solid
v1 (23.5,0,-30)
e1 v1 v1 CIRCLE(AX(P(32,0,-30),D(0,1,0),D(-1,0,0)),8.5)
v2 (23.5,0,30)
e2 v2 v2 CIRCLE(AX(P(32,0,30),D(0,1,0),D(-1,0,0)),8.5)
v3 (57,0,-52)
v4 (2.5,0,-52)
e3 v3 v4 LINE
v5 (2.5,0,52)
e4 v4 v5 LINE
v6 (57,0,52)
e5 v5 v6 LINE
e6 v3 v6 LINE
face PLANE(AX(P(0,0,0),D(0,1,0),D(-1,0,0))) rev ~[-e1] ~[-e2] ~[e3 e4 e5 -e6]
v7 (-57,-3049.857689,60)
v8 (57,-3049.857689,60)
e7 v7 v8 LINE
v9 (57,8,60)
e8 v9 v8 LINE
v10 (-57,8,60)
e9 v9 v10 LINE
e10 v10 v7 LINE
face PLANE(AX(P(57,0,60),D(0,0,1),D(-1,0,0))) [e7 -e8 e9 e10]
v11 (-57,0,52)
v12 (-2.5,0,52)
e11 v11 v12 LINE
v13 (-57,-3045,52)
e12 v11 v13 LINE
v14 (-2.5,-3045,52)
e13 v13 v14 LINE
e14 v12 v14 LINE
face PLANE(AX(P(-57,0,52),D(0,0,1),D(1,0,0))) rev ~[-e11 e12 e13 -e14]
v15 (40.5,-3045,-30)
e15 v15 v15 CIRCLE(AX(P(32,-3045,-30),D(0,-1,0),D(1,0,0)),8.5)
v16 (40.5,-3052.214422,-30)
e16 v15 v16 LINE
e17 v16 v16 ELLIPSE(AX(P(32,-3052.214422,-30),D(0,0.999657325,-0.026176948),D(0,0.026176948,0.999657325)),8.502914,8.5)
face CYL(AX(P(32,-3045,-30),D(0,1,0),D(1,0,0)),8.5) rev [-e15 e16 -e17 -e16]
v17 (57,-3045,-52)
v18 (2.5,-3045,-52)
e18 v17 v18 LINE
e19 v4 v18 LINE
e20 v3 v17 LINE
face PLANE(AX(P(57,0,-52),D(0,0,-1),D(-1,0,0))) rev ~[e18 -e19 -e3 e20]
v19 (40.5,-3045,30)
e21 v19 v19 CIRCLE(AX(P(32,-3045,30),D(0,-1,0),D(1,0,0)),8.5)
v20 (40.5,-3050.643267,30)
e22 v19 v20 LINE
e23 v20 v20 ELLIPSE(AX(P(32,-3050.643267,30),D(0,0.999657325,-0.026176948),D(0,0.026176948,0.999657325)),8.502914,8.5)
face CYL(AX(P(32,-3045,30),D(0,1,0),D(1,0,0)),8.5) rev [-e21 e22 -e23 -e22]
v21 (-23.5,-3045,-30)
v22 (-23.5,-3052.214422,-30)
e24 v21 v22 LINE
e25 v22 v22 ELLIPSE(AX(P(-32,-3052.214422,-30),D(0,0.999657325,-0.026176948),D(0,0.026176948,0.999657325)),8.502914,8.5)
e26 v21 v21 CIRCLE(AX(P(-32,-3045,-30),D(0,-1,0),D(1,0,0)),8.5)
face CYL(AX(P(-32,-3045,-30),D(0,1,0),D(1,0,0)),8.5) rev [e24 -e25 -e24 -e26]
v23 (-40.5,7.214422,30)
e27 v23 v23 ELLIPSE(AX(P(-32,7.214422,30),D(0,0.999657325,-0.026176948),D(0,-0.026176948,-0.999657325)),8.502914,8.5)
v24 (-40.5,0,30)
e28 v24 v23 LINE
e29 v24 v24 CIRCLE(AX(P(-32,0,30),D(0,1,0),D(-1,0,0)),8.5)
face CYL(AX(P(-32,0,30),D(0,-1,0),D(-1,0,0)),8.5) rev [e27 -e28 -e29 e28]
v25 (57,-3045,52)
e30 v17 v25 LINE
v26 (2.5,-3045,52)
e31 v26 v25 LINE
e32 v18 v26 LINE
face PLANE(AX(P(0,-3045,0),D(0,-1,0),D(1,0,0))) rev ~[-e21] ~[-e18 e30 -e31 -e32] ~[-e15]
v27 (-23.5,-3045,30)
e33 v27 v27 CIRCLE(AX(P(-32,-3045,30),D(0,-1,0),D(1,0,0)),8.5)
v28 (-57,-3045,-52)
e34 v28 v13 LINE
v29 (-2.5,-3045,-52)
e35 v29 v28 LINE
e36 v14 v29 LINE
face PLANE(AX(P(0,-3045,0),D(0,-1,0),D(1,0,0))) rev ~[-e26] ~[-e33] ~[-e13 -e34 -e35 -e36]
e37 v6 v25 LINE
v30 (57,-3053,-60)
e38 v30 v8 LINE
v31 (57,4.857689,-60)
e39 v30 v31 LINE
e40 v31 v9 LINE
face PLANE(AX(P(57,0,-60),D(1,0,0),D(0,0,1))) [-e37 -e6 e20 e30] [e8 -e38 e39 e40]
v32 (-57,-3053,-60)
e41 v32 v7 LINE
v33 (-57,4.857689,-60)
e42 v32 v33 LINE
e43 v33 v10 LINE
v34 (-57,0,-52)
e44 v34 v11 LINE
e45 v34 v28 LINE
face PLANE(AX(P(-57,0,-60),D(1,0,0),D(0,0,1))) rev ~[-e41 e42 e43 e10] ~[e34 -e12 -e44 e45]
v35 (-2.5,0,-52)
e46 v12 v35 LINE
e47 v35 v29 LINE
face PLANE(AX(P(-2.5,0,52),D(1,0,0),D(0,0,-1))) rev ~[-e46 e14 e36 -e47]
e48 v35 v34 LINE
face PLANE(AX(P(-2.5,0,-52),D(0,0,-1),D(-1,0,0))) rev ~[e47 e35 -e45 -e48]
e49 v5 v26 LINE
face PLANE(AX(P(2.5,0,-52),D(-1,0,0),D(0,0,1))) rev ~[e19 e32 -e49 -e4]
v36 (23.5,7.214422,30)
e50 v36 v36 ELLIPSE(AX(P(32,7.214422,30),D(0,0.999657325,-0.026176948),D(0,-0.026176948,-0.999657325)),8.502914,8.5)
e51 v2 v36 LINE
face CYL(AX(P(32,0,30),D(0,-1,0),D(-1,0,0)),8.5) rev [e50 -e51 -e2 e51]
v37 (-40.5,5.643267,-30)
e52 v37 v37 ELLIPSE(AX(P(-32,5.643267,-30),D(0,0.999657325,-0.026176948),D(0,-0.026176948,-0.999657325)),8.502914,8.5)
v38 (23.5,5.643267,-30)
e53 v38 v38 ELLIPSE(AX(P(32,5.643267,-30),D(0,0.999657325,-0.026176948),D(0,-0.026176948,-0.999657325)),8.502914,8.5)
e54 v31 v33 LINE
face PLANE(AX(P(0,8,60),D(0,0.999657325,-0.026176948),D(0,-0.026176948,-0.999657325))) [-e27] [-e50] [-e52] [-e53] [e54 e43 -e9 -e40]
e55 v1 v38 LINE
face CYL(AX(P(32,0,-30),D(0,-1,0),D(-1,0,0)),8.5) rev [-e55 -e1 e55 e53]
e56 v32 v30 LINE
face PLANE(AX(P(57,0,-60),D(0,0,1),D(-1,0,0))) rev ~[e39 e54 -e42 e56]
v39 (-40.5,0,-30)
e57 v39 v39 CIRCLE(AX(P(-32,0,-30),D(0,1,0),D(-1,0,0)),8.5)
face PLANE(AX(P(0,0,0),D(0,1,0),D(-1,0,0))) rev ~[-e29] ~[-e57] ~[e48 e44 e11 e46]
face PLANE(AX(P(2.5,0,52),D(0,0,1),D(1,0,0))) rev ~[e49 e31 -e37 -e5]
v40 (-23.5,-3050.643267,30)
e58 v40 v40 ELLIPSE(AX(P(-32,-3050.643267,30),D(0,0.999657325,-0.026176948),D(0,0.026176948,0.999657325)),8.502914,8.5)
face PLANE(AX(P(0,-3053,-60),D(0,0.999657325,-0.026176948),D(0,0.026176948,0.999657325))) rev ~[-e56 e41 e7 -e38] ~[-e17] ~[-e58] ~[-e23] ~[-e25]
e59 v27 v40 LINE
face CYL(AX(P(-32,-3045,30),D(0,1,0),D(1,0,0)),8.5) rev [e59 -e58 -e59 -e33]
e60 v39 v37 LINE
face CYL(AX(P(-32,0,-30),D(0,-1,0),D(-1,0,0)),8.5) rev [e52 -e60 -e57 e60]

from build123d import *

# Parameters (mm, degrees)
F1_DEPTH = 3045
F2_W     = 114
F2_H     = 120
F2_R     = 8.5
F3_DEPTH = 8
F4_W     = 114
F4_H     = 120
F4_R     = 8.5
F5_DEPTH = 8
F7_DEPTH = 75


with BuildPart() as f1:
    # F0 (on Front) → F1 (new body)
    with BuildSketch(Plane.XZ):
        Polygon((57, 60), (0, 60), (-57, 60), (-57, 52), (-2.5, 52), (-2.5, 0), (-2.5, -52), (-57, -52), (-57, -60), (0, -60), (57, -60), (57, -52), (2.5, -52), (2.5, 0), (2.5, 52), (57, 52), align=None)
    extrude(amount=F1_DEPTH)

    # F2 (on face) → F3 (join)
    with BuildSketch(Plane.XZ.offset(3045)):
        Rectangle(F2_W, F2_H)
        with Locations((-32, -30)):
            Circle(F2_R, mode=Mode.SUBTRACT)
        with Locations((32, -30)):
            Circle(F2_R, mode=Mode.SUBTRACT)
        with Locations((-32, 30)):
            Circle(F2_R, mode=Mode.SUBTRACT)
        with Locations((32, 30)):
            Circle(F2_R, mode=Mode.SUBTRACT)
    extrude(amount=F3_DEPTH)

    # F4 (on face) → F5 (join)
    with BuildSketch(Plane(origin=(0, 0, 0), x_dir=(-1, 0, 0), z_dir=(0, 1, 0))):
        Rectangle(F4_W, F4_H)
        with Locations((-32, -30)):
            Circle(F4_R, mode=Mode.SUBTRACT)
        with Locations((32, -30)):
            Circle(F4_R, mode=Mode.SUBTRACT)
        with Locations((-32, 30)):
            Circle(F4_R, mode=Mode.SUBTRACT)
        with Locations((32, 30)):
            Circle(F4_R, mode=Mode.SUBTRACT)
    extrude(amount=F5_DEPTH)

    # F6 (on Right) → F7 (cut, symmetric)
    with BuildSketch(Plane.YZ):
        Polygon((32.1637574417, -60), (32.1637574417, 60), (8, 60), (4.8576894117, -60), align=None)
        Polygon((-3053, -60), (-3049.8576894117, 60), (-3064.5062300981, 60), (-3064.5062300981, -60), align=None)
    extrude(amount=F7_DEPTH, both=True, mode=Mode.SUBTRACT)


solid = f1.part
